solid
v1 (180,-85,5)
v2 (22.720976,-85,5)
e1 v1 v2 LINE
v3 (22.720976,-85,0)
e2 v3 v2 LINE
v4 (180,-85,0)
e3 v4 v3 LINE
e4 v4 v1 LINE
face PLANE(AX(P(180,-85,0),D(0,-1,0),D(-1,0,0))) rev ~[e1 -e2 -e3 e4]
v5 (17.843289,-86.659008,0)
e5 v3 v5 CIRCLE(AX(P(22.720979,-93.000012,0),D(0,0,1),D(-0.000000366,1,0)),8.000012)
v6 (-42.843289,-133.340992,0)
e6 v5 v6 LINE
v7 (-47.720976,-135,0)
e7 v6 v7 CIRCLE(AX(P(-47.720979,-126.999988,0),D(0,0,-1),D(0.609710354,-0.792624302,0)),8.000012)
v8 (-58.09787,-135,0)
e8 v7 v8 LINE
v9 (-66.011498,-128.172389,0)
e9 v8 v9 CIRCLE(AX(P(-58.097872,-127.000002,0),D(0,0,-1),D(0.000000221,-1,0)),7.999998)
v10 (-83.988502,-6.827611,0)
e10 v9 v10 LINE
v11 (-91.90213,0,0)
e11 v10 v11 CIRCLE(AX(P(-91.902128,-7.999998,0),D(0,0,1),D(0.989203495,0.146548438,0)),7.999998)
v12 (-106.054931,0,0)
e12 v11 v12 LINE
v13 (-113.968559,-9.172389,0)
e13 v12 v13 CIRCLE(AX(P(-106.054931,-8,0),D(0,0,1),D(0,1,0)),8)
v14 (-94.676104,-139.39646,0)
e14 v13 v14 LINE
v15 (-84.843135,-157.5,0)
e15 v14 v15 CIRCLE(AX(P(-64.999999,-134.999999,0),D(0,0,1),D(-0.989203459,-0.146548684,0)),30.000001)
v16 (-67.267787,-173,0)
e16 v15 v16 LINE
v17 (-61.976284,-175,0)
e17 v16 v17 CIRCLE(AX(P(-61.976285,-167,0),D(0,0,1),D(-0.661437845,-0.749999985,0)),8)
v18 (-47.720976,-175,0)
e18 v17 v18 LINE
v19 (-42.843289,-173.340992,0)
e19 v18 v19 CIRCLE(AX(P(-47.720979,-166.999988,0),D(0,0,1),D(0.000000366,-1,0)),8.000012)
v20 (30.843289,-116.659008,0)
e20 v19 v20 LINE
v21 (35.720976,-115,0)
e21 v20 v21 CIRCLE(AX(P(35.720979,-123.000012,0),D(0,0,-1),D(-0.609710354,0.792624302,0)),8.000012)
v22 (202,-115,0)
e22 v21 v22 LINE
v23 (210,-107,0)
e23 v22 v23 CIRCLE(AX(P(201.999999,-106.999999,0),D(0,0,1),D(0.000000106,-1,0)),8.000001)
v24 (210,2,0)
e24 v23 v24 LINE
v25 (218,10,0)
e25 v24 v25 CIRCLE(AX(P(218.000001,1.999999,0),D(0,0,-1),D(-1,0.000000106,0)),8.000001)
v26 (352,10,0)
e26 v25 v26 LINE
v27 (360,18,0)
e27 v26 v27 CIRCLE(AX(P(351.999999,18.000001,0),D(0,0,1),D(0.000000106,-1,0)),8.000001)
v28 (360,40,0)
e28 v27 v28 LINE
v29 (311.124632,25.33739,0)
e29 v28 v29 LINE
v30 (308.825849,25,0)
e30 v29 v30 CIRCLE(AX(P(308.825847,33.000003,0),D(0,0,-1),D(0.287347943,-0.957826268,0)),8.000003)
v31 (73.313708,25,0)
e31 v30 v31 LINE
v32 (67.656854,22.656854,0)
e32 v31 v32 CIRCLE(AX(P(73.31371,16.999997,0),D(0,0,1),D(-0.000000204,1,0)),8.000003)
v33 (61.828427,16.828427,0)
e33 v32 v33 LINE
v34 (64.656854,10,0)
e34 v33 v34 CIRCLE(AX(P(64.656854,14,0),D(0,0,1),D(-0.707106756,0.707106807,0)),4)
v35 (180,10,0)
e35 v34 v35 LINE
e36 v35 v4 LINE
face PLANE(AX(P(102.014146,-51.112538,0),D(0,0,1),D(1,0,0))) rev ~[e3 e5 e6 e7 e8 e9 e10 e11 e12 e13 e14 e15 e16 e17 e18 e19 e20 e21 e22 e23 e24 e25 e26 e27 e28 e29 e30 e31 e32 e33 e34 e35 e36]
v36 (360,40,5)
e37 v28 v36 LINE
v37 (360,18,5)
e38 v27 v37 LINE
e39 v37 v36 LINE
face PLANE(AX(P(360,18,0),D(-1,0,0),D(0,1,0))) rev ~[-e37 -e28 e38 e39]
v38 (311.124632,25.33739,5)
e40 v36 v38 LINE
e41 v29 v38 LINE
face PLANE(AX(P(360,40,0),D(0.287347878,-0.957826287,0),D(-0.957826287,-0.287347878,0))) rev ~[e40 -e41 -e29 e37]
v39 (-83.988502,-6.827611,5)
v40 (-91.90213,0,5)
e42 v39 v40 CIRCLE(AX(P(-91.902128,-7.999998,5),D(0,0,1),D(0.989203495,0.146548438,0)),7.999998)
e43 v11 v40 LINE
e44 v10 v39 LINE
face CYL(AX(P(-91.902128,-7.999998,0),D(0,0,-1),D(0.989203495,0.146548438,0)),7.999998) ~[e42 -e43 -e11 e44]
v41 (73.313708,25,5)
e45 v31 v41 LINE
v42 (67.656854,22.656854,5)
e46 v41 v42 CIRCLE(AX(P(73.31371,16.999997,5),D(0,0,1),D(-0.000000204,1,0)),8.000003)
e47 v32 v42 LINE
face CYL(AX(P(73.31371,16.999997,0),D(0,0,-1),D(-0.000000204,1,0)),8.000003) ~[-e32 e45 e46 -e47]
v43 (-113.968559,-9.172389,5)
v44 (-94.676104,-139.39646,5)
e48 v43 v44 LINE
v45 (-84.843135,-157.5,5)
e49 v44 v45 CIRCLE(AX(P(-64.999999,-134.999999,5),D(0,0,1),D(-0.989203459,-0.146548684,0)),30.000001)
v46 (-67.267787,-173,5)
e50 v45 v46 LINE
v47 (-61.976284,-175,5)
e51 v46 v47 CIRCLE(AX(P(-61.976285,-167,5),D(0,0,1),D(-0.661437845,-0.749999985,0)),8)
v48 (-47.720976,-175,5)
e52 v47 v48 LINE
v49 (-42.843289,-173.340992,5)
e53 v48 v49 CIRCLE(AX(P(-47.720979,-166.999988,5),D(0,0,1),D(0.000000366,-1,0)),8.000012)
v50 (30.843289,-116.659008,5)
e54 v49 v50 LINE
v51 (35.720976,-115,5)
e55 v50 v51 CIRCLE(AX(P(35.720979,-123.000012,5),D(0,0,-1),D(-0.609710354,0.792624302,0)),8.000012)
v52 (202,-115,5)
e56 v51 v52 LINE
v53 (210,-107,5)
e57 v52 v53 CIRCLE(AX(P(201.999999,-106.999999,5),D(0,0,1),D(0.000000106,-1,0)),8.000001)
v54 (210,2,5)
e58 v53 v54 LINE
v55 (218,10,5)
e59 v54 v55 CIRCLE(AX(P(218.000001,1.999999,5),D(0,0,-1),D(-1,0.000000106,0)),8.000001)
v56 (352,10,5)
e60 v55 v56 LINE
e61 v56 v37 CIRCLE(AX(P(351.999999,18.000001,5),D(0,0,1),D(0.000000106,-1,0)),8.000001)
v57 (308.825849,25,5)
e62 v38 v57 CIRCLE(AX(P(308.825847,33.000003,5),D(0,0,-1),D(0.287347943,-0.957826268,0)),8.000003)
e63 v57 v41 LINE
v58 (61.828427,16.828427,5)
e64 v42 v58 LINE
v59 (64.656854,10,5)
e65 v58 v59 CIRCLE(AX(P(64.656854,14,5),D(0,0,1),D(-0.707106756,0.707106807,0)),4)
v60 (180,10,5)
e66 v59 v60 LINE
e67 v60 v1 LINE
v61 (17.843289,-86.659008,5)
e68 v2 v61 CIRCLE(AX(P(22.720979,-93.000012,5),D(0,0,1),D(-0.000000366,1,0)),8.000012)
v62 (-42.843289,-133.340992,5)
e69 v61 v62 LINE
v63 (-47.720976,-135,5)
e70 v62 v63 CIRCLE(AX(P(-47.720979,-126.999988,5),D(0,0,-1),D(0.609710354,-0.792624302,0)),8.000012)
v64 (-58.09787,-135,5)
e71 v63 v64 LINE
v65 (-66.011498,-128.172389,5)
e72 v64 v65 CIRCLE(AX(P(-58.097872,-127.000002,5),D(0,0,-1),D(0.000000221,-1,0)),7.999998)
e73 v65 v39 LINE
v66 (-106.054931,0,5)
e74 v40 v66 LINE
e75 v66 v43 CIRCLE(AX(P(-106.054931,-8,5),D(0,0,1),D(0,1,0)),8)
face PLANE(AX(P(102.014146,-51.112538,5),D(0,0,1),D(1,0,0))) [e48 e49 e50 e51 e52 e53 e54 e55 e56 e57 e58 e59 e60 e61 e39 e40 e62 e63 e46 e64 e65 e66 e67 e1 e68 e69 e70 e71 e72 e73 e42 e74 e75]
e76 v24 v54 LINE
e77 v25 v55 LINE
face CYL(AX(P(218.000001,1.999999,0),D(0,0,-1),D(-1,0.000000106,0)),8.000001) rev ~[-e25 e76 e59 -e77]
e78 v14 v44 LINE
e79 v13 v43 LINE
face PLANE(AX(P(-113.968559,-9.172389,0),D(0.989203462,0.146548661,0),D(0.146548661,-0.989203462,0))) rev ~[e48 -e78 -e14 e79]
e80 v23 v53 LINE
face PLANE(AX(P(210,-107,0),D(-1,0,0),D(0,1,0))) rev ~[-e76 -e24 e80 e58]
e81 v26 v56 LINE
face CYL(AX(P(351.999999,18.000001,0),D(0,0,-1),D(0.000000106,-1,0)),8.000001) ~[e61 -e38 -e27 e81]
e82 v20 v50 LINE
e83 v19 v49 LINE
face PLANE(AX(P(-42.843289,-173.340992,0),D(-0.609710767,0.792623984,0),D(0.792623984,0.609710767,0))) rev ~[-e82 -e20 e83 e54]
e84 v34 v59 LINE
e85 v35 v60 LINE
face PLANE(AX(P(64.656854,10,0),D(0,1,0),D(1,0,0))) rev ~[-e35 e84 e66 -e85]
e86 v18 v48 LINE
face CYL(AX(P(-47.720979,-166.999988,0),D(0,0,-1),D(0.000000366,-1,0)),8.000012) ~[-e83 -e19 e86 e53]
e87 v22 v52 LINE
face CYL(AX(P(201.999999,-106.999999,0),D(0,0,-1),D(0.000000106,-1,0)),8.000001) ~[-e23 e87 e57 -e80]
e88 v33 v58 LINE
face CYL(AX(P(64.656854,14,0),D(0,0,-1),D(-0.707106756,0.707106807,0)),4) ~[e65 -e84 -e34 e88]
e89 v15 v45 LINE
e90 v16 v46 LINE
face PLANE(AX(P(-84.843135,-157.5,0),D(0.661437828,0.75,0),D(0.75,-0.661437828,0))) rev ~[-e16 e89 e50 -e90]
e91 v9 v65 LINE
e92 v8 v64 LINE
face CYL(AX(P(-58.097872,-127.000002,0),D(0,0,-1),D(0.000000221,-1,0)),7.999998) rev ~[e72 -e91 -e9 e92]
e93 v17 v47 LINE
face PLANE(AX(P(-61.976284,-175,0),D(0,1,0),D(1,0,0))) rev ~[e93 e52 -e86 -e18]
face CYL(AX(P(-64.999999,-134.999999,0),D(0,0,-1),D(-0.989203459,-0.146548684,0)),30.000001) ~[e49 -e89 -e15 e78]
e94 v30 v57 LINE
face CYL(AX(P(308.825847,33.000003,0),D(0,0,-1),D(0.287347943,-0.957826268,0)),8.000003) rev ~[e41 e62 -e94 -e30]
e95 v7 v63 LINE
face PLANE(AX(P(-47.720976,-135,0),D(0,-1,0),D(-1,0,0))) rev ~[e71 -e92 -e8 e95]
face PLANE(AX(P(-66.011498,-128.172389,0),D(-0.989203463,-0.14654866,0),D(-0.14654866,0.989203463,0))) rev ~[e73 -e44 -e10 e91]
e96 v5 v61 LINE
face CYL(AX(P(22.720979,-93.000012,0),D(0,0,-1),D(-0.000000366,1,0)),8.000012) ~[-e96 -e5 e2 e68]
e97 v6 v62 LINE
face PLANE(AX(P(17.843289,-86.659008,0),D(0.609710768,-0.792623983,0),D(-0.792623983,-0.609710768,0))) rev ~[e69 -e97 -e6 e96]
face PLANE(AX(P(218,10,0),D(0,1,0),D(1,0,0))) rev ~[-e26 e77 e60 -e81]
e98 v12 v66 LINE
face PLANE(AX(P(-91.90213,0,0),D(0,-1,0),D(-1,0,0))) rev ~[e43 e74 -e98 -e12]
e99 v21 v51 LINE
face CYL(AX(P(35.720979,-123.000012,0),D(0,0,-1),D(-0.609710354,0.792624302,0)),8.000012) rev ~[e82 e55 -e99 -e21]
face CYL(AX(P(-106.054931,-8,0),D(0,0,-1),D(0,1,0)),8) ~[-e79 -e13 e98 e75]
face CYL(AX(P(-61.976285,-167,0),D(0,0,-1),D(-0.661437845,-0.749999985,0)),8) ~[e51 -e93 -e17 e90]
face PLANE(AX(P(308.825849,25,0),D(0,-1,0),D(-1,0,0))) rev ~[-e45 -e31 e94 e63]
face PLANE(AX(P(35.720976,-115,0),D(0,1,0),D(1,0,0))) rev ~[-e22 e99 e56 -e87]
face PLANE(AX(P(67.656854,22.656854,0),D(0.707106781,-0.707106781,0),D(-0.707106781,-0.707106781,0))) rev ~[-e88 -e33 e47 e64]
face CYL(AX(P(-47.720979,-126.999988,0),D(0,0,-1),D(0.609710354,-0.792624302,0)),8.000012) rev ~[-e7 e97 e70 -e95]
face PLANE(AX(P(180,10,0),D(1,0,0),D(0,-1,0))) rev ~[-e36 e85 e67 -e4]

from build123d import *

# Parameters (mm, degrees)
F1_DEPTH = 5


with BuildPart() as f1:
    # F0 (on Top) → F1 (new body)
    with BuildSketch(Plane.XY):
        with BuildLine():
            Line((-66.011498, -128.172389), (-83.988502, -6.827611))
            ThreePointArc((-83.988502, -6.827611), (-86.67619, -1.942809), (-91.90213, 0))
            Line((-91.90213, 0), (-106.054931, 0))
            ThreePointArc((-106.054931, 0), (-112.112122, -2.774061), (-113.968559, -9.172389))
            Line((-113.968559, -9.172389), (-94.676104, -139.39646))
            ThreePointArc((-94.676104, -139.39646), (-91.362346, -149.318754), (-84.843135, -157.5))
            Line((-84.843135, -157.5), (-67.267787, -173))
            ThreePointArc((-67.267787, -173), (-64.804711, -174.483315), (-61.976284, -175))
            Line((-61.976284, -175), (-47.720976, -175))
            ThreePointArc((-47.720976, -175), (-45.144926, -174.5739), (-42.843289, -173.340992))
            Line((-42.843289, -173.340992), (30.843289, -116.659008))
            ThreePointArc((30.843289, -116.659008), (33.144926, -115.4261), (35.720976, -115))
            Line((35.720976, -115), (202, -115))
            ThreePointArc((202, -115), (207.656854, -112.656854), (210, -107))
            Line((210, -107), (210, 2))
            ThreePointArc((210, 2), (212.343146, 7.656854), (218, 10))
            Line((218, 10), (352, 10))
            ThreePointArc((352, 10), (357.656854, 12.343146), (360, 18))
            Line((360, 18), (360, 40))
            Line((360, 40), (311.124632, 25.33739))
            ThreePointArc((311.124632, 25.33739), (309.987554, 25.084797), (308.825849, 25))
            Line((308.825849, 25), (73.313708, 25))
            ThreePointArc((73.313708, 25), (70.252241, 24.391036), (67.656854, 22.656854))
            Line((67.656854, 22.656854), (61.828427, 16.828427))
            ThreePointArc((61.828427, 16.828427), (60.961336, 12.469266), (64.656854, 10))
            Line((64.656854, 10), (180, 10))
            Line((180, 10), (180, -85))
            Line((180, -85), (22.720976, -85))
            ThreePointArc((22.720976, -85), (20.144926, -85.4261), (17.843289, -86.659008))
            Line((17.843289, -86.659008), (-42.843289, -133.340992))
            ThreePointArc((-42.843289, -133.340992), (-45.144926, -134.5739), (-47.720976, -135))
            Line((-47.720976, -135), (-58.09787, -135))
            ThreePointArc((-58.09787, -135), (-63.32381, -133.057191), (-66.011498, -128.172389))
        make_face()
    extrude(amount=F1_DEPTH)


solid = f1.part
